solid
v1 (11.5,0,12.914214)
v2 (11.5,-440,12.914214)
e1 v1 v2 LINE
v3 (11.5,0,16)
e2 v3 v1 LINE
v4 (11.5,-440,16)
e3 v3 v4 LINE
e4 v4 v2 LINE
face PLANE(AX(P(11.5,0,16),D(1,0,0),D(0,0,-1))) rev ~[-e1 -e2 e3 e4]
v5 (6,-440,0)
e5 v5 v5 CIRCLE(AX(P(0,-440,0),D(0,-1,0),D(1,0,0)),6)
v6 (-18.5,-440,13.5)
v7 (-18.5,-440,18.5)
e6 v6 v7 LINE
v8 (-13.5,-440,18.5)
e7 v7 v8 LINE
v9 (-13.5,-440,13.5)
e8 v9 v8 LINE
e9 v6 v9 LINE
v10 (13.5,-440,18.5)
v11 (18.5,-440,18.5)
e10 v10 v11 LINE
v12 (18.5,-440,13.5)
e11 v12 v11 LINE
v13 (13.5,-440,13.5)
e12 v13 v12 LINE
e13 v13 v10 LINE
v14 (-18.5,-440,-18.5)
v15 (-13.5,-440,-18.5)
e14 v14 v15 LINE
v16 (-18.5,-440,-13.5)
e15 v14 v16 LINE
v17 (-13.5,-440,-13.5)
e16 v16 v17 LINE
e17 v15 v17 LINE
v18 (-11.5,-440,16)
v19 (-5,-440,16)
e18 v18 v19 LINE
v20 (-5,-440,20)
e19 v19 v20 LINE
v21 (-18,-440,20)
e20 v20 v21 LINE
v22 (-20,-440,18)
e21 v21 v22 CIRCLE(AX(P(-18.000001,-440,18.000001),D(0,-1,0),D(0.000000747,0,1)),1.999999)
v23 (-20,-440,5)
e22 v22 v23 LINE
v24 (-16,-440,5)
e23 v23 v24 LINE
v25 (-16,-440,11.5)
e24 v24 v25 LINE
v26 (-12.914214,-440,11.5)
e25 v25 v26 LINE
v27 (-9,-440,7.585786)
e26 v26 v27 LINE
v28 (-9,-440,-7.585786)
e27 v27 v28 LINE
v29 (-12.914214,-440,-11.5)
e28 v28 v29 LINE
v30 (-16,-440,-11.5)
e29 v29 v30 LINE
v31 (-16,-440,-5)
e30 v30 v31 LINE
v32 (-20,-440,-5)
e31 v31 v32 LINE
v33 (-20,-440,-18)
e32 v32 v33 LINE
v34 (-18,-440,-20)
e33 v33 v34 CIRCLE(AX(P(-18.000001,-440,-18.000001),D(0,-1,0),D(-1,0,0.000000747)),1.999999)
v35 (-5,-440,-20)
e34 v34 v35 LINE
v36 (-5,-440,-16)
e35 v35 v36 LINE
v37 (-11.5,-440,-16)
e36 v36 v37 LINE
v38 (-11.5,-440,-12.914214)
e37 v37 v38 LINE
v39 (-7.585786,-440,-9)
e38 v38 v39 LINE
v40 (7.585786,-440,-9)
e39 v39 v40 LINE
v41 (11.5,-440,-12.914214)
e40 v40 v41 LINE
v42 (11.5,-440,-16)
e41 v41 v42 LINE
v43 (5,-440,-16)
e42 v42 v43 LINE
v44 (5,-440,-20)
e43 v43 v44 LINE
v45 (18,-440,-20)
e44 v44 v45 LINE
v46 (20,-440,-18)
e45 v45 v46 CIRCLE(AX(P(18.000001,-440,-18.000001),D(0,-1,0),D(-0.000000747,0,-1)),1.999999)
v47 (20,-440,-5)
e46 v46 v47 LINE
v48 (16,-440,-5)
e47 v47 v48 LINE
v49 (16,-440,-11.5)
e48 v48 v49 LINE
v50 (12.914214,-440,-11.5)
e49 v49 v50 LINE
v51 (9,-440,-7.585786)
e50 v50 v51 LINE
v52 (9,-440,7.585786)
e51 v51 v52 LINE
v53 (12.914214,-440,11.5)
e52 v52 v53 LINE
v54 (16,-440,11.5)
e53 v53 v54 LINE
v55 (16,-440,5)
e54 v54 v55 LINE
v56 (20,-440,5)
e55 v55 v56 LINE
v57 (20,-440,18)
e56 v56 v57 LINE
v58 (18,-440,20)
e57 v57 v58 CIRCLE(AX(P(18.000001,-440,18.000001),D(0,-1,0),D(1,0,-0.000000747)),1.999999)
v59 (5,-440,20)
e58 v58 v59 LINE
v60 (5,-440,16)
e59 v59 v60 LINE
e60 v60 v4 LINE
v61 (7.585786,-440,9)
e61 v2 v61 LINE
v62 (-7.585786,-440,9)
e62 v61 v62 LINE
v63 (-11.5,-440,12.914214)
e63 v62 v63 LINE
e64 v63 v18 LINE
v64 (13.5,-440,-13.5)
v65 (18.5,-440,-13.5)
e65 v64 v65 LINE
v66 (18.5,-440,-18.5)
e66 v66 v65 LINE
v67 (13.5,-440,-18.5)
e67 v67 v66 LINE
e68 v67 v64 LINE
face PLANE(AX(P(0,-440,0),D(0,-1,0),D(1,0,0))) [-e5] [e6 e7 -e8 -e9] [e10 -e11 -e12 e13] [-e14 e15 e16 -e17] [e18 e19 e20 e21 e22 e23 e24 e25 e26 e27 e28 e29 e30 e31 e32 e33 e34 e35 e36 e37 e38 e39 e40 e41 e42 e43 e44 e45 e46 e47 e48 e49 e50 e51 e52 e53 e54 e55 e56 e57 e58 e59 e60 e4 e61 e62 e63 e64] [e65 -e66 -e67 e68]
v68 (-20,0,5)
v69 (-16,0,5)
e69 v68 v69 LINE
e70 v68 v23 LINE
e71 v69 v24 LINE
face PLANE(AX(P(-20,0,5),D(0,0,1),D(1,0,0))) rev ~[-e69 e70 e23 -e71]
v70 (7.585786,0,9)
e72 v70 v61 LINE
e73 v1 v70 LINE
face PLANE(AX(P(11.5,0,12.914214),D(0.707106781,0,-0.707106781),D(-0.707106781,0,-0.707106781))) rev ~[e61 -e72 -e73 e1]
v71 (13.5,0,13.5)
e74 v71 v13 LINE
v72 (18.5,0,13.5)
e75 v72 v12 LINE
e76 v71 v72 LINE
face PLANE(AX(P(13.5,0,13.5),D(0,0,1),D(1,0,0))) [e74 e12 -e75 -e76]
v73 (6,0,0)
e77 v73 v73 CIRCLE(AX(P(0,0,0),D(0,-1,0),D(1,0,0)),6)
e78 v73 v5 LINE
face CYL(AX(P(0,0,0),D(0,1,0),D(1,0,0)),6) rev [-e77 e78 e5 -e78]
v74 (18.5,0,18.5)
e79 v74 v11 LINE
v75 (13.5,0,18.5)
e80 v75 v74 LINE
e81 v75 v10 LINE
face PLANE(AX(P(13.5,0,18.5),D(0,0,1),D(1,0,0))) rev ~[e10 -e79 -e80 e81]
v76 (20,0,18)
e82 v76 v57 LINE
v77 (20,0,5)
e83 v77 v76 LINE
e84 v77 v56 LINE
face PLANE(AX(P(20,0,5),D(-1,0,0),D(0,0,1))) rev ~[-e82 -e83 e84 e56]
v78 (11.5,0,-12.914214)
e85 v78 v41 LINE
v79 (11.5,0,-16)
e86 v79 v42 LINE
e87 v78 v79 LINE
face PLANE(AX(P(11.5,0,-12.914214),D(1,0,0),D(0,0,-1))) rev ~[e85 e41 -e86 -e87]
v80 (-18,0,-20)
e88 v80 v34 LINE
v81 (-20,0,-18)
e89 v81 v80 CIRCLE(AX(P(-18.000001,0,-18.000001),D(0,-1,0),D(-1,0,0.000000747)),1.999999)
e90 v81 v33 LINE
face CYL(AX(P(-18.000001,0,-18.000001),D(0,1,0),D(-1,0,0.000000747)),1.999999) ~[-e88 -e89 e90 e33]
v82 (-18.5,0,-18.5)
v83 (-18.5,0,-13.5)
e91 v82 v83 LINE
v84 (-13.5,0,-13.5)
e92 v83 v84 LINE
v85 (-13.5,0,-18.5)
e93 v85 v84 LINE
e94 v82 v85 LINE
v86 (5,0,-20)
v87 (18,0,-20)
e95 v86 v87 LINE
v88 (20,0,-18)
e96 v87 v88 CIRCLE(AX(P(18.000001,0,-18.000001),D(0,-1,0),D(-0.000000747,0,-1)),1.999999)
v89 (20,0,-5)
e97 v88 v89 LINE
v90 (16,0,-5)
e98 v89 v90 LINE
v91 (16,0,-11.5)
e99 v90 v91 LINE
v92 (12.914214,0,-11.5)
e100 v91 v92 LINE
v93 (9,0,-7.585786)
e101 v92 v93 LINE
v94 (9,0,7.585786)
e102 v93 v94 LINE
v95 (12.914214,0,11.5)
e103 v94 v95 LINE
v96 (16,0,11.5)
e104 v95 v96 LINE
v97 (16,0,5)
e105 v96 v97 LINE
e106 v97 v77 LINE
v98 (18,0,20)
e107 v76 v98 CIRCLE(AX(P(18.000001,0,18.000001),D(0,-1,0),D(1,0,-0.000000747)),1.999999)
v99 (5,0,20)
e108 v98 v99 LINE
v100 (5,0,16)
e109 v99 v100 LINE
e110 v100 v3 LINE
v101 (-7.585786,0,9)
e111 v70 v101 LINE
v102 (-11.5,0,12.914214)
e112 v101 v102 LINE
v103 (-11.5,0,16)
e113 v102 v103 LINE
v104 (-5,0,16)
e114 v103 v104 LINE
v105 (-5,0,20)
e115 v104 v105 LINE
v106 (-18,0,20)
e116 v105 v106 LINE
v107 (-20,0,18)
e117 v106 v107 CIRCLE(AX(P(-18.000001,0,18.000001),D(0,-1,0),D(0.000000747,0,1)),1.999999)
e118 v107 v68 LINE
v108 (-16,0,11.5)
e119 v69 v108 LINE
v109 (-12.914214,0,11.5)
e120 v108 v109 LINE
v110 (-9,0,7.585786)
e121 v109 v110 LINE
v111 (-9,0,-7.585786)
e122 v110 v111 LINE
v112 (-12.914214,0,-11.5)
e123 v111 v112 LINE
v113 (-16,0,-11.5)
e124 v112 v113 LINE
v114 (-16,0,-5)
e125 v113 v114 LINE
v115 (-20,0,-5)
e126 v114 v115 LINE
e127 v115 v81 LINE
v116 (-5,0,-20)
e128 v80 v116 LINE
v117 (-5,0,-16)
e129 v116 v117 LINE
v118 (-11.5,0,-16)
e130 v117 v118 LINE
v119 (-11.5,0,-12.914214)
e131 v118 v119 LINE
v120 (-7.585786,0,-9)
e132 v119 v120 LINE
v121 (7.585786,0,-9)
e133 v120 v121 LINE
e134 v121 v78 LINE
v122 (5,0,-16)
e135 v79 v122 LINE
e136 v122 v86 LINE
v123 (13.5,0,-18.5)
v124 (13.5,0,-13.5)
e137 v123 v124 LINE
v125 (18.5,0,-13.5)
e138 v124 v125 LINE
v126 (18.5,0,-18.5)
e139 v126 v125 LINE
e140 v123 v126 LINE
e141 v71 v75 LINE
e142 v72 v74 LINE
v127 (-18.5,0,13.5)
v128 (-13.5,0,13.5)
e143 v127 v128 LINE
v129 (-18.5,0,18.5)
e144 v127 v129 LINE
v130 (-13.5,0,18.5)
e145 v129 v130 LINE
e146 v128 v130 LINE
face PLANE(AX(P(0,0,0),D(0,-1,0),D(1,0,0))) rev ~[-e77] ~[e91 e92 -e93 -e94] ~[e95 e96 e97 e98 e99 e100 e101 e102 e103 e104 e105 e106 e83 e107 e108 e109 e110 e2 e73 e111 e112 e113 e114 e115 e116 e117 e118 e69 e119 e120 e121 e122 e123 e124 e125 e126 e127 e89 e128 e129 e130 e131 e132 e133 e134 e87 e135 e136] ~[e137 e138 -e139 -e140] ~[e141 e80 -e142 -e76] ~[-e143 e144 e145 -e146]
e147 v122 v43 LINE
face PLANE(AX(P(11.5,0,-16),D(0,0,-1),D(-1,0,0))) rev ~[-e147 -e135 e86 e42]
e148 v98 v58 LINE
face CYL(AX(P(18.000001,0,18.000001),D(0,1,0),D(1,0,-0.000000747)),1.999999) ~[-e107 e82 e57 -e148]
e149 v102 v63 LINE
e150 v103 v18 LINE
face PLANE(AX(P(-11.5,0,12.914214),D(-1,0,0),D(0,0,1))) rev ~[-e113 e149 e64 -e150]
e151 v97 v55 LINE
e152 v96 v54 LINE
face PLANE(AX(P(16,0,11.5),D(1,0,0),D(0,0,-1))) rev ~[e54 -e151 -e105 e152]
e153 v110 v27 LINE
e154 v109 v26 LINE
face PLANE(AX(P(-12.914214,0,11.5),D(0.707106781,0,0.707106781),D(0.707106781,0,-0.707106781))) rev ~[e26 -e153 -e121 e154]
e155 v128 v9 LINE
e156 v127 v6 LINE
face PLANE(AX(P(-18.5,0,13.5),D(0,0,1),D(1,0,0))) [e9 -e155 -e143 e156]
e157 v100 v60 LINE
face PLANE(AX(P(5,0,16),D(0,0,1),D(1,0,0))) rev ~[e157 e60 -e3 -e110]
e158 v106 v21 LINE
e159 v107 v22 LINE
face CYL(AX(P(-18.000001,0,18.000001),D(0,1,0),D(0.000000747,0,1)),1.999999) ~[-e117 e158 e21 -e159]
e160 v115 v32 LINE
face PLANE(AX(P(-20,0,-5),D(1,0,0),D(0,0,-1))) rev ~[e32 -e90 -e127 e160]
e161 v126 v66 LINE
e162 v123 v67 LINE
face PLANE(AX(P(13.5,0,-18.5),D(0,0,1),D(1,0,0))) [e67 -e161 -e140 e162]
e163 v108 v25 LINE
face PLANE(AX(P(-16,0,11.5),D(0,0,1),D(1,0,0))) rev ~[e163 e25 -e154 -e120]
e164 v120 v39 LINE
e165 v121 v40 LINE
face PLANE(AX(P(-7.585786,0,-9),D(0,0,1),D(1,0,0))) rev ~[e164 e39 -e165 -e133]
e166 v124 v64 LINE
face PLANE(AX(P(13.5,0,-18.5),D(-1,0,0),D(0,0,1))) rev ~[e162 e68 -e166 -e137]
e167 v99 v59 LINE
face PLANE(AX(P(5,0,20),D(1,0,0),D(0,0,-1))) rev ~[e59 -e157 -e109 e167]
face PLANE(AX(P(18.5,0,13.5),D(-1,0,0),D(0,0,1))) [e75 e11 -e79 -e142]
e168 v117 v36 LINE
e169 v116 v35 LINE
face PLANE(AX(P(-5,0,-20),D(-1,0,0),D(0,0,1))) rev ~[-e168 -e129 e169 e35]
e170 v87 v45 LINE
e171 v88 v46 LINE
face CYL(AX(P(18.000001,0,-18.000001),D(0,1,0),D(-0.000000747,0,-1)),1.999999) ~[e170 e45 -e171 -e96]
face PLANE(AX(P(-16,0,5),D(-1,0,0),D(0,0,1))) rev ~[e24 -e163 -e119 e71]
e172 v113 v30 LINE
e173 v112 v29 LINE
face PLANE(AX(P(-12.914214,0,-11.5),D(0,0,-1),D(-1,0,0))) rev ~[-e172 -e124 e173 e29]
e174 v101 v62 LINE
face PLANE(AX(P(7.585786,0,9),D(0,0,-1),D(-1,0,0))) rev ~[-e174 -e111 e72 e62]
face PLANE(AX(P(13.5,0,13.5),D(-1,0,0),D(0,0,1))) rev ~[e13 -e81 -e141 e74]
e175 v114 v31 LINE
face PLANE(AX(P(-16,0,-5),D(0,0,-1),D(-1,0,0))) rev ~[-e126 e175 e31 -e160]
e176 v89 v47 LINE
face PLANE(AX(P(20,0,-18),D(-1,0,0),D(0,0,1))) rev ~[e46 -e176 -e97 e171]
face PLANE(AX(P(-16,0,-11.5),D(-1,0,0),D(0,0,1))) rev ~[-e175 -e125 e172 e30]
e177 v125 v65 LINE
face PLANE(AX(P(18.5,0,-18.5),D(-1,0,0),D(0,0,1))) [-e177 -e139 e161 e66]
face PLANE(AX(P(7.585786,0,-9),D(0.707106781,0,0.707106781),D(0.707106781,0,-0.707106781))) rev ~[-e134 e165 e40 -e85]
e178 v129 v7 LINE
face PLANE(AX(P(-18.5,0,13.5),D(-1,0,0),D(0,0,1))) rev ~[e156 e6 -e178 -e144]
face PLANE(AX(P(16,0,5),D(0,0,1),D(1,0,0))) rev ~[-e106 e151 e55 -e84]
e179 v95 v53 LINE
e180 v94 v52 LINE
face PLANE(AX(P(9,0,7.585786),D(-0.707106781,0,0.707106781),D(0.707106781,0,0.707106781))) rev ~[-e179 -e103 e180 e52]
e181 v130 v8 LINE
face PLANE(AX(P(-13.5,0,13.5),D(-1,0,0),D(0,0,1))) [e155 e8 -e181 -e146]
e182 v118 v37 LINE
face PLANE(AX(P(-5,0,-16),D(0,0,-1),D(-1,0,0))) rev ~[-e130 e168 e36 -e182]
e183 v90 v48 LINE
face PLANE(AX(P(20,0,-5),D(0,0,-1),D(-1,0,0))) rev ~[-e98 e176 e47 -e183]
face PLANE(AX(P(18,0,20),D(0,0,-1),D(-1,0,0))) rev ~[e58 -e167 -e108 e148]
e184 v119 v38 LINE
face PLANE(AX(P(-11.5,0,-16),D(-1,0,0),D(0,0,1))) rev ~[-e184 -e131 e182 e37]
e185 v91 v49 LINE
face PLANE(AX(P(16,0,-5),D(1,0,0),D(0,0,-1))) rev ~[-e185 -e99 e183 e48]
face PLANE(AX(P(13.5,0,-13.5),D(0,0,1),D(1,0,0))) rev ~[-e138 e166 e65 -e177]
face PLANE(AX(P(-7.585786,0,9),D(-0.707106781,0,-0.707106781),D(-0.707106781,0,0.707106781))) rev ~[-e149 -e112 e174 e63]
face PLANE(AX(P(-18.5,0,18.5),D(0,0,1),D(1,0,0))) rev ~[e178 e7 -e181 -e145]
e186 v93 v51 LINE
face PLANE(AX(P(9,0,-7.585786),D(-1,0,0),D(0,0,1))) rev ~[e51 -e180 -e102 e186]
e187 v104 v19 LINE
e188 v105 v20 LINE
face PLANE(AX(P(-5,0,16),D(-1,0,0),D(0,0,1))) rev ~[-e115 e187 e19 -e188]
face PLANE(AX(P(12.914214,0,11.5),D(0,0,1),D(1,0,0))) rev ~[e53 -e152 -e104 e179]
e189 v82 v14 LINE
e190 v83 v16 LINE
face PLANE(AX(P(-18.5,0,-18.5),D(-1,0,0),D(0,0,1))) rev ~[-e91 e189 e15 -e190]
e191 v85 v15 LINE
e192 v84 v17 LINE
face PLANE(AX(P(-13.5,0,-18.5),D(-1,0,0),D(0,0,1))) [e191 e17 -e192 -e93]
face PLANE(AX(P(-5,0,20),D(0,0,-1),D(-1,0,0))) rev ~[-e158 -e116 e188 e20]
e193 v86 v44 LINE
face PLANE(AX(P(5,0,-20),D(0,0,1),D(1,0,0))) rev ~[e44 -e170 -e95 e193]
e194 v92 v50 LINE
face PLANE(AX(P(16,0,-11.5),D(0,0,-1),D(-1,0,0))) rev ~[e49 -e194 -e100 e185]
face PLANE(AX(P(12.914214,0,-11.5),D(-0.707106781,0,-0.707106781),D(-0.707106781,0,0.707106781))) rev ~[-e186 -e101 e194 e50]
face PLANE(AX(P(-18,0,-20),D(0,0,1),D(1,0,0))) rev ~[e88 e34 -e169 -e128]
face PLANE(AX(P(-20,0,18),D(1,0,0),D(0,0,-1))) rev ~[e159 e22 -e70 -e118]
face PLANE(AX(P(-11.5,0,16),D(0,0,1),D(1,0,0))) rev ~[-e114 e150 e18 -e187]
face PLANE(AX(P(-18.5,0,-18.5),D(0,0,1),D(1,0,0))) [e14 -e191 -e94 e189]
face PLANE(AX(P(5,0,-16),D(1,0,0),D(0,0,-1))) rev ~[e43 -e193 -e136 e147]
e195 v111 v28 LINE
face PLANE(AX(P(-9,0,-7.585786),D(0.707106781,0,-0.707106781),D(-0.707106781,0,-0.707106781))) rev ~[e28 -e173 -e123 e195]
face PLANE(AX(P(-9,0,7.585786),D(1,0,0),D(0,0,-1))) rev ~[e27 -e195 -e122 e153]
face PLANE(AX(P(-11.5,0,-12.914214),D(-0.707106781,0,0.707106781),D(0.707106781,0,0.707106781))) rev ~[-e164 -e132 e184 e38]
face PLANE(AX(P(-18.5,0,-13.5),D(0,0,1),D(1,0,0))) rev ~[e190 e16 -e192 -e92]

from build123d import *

# Parameters (mm, degrees)
F0_W     = 5
F0_H     = 5
F0_R     = 6
F1_DEPTH = 440


with BuildPart() as f1:
    # F0 (on Front) → F1 (new body)
    with BuildSketch(Plane.XZ):
        with BuildLine():
            Line((5, -20), (18, -20))
            ThreePointArc((18, -20), (19.414214, -19.414214), (20, -18))
            Line((20, -18), (20, -5))
            Line((20, -5), (16, -5))
            Line((16, -5), (16, -11.5))
            Line((16, -11.5), (12.914214, -11.5))
            Line((12.914214, -11.5), (9, -7.585786))
            Line((9, -7.585786), (9, 0))
            Line((9, 0), (9, 7.585786))
            Line((9, 7.585786), (12.914214, 11.5))
            Line((12.914214, 11.5), (16, 11.5))
            Line((16, 11.5), (16, 5))
            Line((16, 5), (20, 5))
            Line((20, 5), (20, 18))
            ThreePointArc((20, 18), (19.414214, 19.414214), (18, 20))
            Line((18, 20), (5, 20))
            Line((5, 20), (5, 16))
            Line((5, 16), (11.5, 16))
            Line((11.5, 16), (11.5, 12.914214))
            Line((11.5, 12.914214), (7.585786, 9))
            Line((7.585786, 9), (0, 9))
            Line((0, 9), (-7.585786, 9))
            Line((-7.585786, 9), (-11.5, 12.914214))
            Line((-11.5, 12.914214), (-11.5, 16))
            Line((-11.5, 16), (-5, 16))
            Line((-5, 16), (-5, 20))
            Line((-5, 20), (-18, 20))
            ThreePointArc((-18, 20), (-19.414214, 19.414214), (-20, 18))
            Line((-20, 18), (-20, 5))
            Line((-20, 5), (-16, 5))
            Line((-16, 5), (-16, 11.5))
            Line((-16, 11.5), (-12.914214, 11.5))
            Line((-12.914214, 11.5), (-9, 7.585786))
            Line((-9, 7.585786), (-9, 0))
            Line((-9, 0), (-9, -7.585786))
            Line((-9, -7.585786), (-12.914214, -11.5))
            Line((-12.914214, -11.5), (-16, -11.5))
            Line((-16, -11.5), (-16, -5))
            Line((-16, -5), (-20, -5))
            Line((-20, -5), (-20, -18))
            ThreePointArc((-20, -18), (-19.414214, -19.414214), (-18, -20))
            Line((-18, -20), (-5, -20))
            Line((-5, -20), (-5, -16))
            Line((-5, -16), (-11.5, -16))
            Line((-11.5, -16), (-11.5, -12.914214))
            Line((-11.5, -12.914214), (-7.585786, -9))
            Line((-7.585786, -9), (0, -9))
            Line((0, -9), (7.585786, -9))
            Line((7.585786, -9), (11.5, -12.914214))
            Line((11.5, -12.914214), (11.5, -16))
            Line((11.5, -16), (5, -16))
            Line((5, -16), (5, -20))
        make_face()
        with Locations((-16, -16)):
            Rectangle(F0_W, F0_H, mode=Mode.SUBTRACT)
        with Locations((16, -16)):
            Rectangle(F0_W, F0_H, mode=Mode.SUBTRACT)
        with Locations((-16, 16)):
            Rectangle(F0_W, F0_H, mode=Mode.SUBTRACT)
        Circle(F0_R, mode=Mode.SUBTRACT)
        with Locations((16, 16)):
            Rectangle(F0_W, F0_H, mode=Mode.SUBTRACT)
    extrude(amount=F1_DEPTH)


solid = f1.part
